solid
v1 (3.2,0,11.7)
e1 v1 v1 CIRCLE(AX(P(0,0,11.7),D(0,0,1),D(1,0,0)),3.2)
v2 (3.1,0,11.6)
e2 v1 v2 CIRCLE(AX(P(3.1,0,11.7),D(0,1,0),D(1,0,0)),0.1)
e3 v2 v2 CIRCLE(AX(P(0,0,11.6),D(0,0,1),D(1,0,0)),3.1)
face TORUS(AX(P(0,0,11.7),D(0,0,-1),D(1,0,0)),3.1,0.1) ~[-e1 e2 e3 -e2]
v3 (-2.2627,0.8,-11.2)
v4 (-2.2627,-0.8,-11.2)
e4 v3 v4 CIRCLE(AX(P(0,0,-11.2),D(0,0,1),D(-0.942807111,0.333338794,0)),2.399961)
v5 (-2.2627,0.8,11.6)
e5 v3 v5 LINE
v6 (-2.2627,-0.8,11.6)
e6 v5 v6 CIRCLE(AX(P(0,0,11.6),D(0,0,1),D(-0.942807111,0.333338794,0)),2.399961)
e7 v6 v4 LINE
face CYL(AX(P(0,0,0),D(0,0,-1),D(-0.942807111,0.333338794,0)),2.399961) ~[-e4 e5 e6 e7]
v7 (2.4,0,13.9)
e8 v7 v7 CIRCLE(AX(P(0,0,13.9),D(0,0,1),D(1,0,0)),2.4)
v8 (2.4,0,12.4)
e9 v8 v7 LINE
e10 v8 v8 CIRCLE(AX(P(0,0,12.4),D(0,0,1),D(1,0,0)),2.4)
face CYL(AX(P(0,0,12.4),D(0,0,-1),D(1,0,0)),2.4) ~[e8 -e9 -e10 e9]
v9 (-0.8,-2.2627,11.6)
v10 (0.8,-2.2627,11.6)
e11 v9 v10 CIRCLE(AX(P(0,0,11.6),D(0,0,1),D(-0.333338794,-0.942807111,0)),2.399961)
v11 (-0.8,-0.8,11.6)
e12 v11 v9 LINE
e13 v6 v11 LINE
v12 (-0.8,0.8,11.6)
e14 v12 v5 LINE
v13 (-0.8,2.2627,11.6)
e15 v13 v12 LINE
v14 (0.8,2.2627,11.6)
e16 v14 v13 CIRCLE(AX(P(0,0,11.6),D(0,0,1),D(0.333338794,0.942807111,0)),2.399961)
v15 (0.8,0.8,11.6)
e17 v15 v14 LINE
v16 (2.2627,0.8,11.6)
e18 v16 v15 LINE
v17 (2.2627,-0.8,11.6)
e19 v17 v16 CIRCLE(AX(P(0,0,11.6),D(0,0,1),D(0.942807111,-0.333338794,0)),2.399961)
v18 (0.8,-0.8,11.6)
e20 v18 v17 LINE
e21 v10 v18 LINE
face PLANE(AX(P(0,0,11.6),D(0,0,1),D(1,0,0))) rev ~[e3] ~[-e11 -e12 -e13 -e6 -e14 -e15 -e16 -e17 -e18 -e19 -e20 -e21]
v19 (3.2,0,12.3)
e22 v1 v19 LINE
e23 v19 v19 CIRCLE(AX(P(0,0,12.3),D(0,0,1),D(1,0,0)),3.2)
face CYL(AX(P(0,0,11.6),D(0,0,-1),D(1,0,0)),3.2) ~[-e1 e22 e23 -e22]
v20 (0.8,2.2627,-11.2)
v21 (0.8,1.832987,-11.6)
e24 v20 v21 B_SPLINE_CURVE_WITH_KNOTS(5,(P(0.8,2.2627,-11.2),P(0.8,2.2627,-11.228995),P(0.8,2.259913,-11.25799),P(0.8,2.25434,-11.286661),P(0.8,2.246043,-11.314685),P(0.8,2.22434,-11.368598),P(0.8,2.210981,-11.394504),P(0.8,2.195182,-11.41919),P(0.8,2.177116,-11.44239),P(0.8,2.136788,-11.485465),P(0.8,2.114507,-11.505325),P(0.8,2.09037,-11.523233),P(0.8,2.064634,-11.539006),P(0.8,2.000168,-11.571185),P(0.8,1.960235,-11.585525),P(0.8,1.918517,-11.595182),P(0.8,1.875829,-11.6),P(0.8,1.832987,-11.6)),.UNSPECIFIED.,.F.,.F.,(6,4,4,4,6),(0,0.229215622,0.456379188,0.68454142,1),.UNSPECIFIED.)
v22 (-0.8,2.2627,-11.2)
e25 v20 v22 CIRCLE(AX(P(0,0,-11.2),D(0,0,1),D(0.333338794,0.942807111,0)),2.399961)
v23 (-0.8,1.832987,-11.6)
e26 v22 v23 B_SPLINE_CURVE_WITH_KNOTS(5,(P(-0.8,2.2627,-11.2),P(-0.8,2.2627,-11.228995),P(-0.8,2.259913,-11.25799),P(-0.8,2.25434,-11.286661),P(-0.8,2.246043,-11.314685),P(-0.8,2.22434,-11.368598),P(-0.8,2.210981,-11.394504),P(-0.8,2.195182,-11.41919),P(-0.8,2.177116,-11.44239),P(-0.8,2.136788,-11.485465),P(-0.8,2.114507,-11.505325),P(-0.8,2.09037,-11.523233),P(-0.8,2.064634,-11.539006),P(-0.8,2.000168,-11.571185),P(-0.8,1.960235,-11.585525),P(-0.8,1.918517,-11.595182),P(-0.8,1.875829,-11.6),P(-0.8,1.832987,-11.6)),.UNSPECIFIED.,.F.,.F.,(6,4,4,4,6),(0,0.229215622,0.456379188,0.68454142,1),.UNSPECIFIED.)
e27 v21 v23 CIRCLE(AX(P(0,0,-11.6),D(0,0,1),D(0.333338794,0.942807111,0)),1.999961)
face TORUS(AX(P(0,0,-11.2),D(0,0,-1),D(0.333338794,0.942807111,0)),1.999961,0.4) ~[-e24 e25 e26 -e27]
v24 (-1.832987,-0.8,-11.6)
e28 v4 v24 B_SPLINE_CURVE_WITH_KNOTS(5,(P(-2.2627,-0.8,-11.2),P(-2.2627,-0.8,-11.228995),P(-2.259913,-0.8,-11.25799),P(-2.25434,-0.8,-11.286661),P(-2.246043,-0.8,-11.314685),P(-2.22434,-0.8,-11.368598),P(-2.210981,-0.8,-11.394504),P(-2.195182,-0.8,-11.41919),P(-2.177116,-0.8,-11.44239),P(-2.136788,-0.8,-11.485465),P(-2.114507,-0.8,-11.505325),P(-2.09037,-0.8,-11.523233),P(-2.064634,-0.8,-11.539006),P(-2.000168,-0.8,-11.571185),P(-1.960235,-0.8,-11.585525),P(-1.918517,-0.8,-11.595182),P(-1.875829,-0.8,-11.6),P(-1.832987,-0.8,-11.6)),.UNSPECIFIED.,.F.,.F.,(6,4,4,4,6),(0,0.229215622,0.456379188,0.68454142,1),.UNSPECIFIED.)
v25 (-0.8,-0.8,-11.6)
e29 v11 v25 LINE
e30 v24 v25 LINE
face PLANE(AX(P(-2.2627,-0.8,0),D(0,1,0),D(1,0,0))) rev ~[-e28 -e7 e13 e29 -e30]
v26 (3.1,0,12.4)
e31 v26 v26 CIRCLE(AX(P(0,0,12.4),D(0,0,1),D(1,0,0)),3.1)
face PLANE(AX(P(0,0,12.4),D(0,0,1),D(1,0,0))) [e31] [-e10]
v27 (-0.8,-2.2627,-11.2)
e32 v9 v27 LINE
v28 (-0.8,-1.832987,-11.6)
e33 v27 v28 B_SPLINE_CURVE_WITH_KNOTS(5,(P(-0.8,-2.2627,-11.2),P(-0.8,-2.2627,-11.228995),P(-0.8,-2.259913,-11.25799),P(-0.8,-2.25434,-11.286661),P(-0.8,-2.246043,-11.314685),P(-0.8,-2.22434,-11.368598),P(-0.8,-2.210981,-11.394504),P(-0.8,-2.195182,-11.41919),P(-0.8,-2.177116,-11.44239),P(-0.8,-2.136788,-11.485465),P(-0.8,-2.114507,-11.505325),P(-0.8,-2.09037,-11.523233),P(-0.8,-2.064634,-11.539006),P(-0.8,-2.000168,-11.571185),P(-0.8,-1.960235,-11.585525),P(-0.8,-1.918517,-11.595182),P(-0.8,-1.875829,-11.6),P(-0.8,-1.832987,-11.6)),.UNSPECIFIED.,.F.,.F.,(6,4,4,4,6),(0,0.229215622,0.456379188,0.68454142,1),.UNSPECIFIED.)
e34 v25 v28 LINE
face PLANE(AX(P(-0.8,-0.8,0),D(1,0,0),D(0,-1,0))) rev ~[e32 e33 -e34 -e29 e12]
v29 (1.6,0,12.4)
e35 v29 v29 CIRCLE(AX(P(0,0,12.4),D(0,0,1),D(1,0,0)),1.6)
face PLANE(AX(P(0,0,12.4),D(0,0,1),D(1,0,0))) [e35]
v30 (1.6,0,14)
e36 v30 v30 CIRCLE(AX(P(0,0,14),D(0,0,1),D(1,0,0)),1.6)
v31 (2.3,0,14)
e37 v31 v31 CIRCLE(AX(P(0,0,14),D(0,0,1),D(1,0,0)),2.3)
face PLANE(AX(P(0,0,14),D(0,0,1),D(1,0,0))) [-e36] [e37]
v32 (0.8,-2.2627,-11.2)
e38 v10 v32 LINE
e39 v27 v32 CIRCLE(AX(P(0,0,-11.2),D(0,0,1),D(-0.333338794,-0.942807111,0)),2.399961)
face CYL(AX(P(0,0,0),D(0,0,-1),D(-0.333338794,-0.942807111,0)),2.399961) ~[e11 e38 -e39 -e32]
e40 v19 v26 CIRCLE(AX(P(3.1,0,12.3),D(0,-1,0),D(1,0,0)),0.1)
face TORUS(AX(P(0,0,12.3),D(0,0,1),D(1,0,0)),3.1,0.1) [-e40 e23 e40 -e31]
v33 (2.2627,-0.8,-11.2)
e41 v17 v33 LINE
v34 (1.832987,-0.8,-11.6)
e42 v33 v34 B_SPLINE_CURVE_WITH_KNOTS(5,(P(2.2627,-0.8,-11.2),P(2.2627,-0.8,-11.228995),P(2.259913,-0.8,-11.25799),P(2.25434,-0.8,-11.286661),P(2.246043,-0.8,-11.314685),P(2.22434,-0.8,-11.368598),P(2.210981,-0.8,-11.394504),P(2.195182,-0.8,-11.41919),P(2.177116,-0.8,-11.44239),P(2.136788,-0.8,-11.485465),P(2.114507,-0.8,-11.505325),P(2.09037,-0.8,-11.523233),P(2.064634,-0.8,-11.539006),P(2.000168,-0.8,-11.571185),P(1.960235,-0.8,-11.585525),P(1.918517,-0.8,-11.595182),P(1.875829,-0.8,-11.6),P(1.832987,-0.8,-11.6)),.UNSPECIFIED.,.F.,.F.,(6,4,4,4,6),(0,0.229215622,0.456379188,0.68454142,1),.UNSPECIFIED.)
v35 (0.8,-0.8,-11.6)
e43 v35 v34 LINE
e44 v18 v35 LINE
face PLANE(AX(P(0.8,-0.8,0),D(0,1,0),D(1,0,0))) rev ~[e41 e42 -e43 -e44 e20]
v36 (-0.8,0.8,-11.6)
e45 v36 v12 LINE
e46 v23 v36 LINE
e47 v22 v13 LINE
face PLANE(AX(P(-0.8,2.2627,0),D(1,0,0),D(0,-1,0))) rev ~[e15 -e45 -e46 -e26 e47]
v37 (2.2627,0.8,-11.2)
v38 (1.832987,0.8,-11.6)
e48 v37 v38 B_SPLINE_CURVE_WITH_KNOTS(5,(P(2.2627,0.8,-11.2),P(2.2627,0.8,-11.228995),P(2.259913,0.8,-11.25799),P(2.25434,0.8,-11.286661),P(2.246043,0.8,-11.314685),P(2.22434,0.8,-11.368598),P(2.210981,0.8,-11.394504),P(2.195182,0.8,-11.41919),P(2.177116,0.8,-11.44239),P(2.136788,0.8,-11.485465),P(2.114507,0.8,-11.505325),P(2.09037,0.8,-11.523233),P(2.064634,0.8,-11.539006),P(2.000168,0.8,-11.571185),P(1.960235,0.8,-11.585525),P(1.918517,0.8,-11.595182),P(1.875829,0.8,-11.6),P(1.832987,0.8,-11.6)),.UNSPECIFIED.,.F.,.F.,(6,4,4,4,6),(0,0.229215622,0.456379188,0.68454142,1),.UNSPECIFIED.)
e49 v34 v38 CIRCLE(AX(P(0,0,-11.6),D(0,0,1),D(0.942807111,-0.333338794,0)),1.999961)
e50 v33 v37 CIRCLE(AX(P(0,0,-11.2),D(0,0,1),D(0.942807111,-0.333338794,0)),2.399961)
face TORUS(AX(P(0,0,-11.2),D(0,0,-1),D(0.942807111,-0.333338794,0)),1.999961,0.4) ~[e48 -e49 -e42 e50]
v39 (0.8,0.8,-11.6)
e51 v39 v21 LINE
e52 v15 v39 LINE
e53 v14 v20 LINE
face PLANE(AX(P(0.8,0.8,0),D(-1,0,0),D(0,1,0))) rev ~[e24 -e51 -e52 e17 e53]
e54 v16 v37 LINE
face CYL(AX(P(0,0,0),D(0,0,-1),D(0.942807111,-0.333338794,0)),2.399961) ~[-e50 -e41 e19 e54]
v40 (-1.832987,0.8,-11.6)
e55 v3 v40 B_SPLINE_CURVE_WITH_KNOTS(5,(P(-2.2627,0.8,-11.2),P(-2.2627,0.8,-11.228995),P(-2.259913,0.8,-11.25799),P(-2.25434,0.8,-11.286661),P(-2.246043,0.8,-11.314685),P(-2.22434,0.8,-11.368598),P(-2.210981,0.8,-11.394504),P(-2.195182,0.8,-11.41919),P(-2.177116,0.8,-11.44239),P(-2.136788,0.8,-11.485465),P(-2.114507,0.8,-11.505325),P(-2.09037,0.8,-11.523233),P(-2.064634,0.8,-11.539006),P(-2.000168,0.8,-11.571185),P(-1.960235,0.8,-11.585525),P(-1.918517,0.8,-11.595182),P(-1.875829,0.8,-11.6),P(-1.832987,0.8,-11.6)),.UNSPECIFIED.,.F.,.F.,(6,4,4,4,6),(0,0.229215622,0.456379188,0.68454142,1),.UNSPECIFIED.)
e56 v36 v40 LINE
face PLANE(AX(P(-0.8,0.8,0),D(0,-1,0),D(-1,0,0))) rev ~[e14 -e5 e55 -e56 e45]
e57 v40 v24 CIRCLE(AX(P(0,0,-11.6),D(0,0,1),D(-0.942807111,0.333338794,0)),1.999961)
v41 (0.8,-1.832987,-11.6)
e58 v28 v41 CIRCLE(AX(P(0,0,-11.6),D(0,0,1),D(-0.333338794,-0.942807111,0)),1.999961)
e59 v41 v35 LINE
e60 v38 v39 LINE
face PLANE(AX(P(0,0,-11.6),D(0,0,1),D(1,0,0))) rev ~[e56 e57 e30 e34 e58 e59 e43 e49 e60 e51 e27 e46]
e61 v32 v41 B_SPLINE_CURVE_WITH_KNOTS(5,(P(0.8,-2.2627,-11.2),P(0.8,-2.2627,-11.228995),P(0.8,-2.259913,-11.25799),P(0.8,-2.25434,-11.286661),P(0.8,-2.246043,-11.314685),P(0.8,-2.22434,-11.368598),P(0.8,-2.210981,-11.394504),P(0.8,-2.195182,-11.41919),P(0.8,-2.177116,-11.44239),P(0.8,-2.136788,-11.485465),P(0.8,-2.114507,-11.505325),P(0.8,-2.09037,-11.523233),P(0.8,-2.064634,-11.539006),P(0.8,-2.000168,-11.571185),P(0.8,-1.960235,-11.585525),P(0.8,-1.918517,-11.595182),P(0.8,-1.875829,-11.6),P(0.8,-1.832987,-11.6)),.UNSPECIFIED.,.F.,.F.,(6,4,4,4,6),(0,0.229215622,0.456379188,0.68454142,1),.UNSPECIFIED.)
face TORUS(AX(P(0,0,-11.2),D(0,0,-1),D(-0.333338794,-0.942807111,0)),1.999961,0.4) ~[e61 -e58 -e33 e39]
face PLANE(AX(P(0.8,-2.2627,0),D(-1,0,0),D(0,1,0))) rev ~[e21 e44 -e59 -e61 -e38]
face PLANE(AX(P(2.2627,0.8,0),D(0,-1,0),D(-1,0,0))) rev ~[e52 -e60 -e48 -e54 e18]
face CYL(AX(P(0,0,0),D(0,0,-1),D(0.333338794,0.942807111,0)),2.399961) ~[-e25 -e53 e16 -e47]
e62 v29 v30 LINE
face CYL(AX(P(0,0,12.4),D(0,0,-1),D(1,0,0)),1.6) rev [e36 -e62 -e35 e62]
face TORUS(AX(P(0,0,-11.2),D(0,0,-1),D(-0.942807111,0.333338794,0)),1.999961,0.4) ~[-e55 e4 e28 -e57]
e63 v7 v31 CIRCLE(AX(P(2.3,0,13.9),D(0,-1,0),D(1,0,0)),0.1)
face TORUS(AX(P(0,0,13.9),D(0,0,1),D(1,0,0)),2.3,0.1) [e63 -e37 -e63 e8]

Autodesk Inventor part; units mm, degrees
ref_plane "YZ Plane" through (0, 0, 0) normal (1, 0, 0) x (0, 1, 0)
ref_plane "XZ Plane" through (0, 0, 0) normal (0, 1, 0) x (-1, 0, 0)
ref_plane "XY Plane" through (0, 0, 0) normal (0, 0, 1) x (1, 0, 0)
sketch "Sketch1" plane through (0, 0, 0) normal (0, 0, 1) x (1, 0, 0)
  circle A0 centre (0, 0) radius 2.4 construction
  line L0 (-0.8, 2.2627) -> (-0.8, 0.8)
  line L1 (-0.8, 0.8) -> (-2.2627, 0.8)
  line L2 (-2.2627, -0.8) -> (-0.8, -0.8)
  line L3 (-0.8, -0.8) -> (-0.8, -2.2627)
  line L4 (0.8, -2.2627) -> (0.8, -0.8)
  line L5 (0.8, -0.8) -> (2.2627, -0.8)
  line L6 (2.2627, 0.8) -> (0.8, 0.8)
  line L7 (0.8, 0.8) -> (0.8, 2.2627)
  arc A1 (0.8, 2.2627) -> (-0.8, 2.2627) centre (0, 0) ccw
  arc A2 (-2.2627, 0.8) -> (-2.2627, -0.8) centre (0, 0) ccw
  arc A3 (-0.8, -2.2627) -> (0.8, -2.2627) centre (0, 0) ccw
  arc A4 (2.2627, -0.8) -> (2.2627, 0.8) centre (0, 0) ccw
  dimension "d0" = 4.8
  dimension "d1" = 1.6
extrude "Extrusion1" add sketch "Sketch1" along normal mid plane 23.2
sketch "Sketch2" plane through (0, 0, 11.6) normal (0, 0, 1) x (1, 0, 0)
  arc A0 (0.8, 2.2627) -> (-0.8, 2.2627) centre (0, 0) ccw projected
  circle A1 centre (0, 0) radius 3.2
  dimension "d7" = 6.4
extrude "Extrusion2" add sketch "Sketch2" along normal blind 0.8
sketch "Sketch3" plane through (0, 0, 12.4) normal (0, 0, 1) x (1, 0, 0)
  circle A0 centre (0, 0) radius 3.2 projected
  circle A1 centre (0, 0) radius 2.4
  circle A2 centre (0, 0) radius 1.6
  dimension "d10" = 4.8
  dimension "d11" = 3.2
extrude "Extrusion3" add sketch "Sketch3" along normal blind 1.6 contours A1
sketch3d "Sketch4"
feature "LEGO_SM:1" [suppressed]
fillet "Fillet1" radius 0.4 4 edges at (2.4, 0, -11.6) (0, 2.4, -11.6) (-2.4, 0, -11.6) (0, -2.4, -11.6)
fillet "Fillet1" radius 0.1 3 edges at (-2.4, 0, 14) (-3.2, 0, 12.4) (-3.2, 0, 11.6)
equation "\"d0\" = kd"
equation "\"d1\" = axlet"
equation "\"d2\" = 3 * lu - tsl"
equation "\"d7\" = tsd"
equation "\"d8\" = tsl"
equation "\"d10\" = kd"
equation "\"d11\" = rd"
equation "\"d12\" = knobh"
equation "\"d4\" = tf"
equation "\"d14\" = lf"
equation "\"lf\" = 0.1"
equation "\"tf\" = 0.4"
equation "\"kd\" = 4.8"
equation "\"axlet\" = 1.6"
equation "\"lu\" = 8"
equation "\"tsl\" = 0.8"
equation "\"tsd\" = 6.4"
equation "\"rd\" = 3.2"
equation "\"knobh\" = 1.6"
properties part number "6587-DkTan" material "ABS Plastic"
